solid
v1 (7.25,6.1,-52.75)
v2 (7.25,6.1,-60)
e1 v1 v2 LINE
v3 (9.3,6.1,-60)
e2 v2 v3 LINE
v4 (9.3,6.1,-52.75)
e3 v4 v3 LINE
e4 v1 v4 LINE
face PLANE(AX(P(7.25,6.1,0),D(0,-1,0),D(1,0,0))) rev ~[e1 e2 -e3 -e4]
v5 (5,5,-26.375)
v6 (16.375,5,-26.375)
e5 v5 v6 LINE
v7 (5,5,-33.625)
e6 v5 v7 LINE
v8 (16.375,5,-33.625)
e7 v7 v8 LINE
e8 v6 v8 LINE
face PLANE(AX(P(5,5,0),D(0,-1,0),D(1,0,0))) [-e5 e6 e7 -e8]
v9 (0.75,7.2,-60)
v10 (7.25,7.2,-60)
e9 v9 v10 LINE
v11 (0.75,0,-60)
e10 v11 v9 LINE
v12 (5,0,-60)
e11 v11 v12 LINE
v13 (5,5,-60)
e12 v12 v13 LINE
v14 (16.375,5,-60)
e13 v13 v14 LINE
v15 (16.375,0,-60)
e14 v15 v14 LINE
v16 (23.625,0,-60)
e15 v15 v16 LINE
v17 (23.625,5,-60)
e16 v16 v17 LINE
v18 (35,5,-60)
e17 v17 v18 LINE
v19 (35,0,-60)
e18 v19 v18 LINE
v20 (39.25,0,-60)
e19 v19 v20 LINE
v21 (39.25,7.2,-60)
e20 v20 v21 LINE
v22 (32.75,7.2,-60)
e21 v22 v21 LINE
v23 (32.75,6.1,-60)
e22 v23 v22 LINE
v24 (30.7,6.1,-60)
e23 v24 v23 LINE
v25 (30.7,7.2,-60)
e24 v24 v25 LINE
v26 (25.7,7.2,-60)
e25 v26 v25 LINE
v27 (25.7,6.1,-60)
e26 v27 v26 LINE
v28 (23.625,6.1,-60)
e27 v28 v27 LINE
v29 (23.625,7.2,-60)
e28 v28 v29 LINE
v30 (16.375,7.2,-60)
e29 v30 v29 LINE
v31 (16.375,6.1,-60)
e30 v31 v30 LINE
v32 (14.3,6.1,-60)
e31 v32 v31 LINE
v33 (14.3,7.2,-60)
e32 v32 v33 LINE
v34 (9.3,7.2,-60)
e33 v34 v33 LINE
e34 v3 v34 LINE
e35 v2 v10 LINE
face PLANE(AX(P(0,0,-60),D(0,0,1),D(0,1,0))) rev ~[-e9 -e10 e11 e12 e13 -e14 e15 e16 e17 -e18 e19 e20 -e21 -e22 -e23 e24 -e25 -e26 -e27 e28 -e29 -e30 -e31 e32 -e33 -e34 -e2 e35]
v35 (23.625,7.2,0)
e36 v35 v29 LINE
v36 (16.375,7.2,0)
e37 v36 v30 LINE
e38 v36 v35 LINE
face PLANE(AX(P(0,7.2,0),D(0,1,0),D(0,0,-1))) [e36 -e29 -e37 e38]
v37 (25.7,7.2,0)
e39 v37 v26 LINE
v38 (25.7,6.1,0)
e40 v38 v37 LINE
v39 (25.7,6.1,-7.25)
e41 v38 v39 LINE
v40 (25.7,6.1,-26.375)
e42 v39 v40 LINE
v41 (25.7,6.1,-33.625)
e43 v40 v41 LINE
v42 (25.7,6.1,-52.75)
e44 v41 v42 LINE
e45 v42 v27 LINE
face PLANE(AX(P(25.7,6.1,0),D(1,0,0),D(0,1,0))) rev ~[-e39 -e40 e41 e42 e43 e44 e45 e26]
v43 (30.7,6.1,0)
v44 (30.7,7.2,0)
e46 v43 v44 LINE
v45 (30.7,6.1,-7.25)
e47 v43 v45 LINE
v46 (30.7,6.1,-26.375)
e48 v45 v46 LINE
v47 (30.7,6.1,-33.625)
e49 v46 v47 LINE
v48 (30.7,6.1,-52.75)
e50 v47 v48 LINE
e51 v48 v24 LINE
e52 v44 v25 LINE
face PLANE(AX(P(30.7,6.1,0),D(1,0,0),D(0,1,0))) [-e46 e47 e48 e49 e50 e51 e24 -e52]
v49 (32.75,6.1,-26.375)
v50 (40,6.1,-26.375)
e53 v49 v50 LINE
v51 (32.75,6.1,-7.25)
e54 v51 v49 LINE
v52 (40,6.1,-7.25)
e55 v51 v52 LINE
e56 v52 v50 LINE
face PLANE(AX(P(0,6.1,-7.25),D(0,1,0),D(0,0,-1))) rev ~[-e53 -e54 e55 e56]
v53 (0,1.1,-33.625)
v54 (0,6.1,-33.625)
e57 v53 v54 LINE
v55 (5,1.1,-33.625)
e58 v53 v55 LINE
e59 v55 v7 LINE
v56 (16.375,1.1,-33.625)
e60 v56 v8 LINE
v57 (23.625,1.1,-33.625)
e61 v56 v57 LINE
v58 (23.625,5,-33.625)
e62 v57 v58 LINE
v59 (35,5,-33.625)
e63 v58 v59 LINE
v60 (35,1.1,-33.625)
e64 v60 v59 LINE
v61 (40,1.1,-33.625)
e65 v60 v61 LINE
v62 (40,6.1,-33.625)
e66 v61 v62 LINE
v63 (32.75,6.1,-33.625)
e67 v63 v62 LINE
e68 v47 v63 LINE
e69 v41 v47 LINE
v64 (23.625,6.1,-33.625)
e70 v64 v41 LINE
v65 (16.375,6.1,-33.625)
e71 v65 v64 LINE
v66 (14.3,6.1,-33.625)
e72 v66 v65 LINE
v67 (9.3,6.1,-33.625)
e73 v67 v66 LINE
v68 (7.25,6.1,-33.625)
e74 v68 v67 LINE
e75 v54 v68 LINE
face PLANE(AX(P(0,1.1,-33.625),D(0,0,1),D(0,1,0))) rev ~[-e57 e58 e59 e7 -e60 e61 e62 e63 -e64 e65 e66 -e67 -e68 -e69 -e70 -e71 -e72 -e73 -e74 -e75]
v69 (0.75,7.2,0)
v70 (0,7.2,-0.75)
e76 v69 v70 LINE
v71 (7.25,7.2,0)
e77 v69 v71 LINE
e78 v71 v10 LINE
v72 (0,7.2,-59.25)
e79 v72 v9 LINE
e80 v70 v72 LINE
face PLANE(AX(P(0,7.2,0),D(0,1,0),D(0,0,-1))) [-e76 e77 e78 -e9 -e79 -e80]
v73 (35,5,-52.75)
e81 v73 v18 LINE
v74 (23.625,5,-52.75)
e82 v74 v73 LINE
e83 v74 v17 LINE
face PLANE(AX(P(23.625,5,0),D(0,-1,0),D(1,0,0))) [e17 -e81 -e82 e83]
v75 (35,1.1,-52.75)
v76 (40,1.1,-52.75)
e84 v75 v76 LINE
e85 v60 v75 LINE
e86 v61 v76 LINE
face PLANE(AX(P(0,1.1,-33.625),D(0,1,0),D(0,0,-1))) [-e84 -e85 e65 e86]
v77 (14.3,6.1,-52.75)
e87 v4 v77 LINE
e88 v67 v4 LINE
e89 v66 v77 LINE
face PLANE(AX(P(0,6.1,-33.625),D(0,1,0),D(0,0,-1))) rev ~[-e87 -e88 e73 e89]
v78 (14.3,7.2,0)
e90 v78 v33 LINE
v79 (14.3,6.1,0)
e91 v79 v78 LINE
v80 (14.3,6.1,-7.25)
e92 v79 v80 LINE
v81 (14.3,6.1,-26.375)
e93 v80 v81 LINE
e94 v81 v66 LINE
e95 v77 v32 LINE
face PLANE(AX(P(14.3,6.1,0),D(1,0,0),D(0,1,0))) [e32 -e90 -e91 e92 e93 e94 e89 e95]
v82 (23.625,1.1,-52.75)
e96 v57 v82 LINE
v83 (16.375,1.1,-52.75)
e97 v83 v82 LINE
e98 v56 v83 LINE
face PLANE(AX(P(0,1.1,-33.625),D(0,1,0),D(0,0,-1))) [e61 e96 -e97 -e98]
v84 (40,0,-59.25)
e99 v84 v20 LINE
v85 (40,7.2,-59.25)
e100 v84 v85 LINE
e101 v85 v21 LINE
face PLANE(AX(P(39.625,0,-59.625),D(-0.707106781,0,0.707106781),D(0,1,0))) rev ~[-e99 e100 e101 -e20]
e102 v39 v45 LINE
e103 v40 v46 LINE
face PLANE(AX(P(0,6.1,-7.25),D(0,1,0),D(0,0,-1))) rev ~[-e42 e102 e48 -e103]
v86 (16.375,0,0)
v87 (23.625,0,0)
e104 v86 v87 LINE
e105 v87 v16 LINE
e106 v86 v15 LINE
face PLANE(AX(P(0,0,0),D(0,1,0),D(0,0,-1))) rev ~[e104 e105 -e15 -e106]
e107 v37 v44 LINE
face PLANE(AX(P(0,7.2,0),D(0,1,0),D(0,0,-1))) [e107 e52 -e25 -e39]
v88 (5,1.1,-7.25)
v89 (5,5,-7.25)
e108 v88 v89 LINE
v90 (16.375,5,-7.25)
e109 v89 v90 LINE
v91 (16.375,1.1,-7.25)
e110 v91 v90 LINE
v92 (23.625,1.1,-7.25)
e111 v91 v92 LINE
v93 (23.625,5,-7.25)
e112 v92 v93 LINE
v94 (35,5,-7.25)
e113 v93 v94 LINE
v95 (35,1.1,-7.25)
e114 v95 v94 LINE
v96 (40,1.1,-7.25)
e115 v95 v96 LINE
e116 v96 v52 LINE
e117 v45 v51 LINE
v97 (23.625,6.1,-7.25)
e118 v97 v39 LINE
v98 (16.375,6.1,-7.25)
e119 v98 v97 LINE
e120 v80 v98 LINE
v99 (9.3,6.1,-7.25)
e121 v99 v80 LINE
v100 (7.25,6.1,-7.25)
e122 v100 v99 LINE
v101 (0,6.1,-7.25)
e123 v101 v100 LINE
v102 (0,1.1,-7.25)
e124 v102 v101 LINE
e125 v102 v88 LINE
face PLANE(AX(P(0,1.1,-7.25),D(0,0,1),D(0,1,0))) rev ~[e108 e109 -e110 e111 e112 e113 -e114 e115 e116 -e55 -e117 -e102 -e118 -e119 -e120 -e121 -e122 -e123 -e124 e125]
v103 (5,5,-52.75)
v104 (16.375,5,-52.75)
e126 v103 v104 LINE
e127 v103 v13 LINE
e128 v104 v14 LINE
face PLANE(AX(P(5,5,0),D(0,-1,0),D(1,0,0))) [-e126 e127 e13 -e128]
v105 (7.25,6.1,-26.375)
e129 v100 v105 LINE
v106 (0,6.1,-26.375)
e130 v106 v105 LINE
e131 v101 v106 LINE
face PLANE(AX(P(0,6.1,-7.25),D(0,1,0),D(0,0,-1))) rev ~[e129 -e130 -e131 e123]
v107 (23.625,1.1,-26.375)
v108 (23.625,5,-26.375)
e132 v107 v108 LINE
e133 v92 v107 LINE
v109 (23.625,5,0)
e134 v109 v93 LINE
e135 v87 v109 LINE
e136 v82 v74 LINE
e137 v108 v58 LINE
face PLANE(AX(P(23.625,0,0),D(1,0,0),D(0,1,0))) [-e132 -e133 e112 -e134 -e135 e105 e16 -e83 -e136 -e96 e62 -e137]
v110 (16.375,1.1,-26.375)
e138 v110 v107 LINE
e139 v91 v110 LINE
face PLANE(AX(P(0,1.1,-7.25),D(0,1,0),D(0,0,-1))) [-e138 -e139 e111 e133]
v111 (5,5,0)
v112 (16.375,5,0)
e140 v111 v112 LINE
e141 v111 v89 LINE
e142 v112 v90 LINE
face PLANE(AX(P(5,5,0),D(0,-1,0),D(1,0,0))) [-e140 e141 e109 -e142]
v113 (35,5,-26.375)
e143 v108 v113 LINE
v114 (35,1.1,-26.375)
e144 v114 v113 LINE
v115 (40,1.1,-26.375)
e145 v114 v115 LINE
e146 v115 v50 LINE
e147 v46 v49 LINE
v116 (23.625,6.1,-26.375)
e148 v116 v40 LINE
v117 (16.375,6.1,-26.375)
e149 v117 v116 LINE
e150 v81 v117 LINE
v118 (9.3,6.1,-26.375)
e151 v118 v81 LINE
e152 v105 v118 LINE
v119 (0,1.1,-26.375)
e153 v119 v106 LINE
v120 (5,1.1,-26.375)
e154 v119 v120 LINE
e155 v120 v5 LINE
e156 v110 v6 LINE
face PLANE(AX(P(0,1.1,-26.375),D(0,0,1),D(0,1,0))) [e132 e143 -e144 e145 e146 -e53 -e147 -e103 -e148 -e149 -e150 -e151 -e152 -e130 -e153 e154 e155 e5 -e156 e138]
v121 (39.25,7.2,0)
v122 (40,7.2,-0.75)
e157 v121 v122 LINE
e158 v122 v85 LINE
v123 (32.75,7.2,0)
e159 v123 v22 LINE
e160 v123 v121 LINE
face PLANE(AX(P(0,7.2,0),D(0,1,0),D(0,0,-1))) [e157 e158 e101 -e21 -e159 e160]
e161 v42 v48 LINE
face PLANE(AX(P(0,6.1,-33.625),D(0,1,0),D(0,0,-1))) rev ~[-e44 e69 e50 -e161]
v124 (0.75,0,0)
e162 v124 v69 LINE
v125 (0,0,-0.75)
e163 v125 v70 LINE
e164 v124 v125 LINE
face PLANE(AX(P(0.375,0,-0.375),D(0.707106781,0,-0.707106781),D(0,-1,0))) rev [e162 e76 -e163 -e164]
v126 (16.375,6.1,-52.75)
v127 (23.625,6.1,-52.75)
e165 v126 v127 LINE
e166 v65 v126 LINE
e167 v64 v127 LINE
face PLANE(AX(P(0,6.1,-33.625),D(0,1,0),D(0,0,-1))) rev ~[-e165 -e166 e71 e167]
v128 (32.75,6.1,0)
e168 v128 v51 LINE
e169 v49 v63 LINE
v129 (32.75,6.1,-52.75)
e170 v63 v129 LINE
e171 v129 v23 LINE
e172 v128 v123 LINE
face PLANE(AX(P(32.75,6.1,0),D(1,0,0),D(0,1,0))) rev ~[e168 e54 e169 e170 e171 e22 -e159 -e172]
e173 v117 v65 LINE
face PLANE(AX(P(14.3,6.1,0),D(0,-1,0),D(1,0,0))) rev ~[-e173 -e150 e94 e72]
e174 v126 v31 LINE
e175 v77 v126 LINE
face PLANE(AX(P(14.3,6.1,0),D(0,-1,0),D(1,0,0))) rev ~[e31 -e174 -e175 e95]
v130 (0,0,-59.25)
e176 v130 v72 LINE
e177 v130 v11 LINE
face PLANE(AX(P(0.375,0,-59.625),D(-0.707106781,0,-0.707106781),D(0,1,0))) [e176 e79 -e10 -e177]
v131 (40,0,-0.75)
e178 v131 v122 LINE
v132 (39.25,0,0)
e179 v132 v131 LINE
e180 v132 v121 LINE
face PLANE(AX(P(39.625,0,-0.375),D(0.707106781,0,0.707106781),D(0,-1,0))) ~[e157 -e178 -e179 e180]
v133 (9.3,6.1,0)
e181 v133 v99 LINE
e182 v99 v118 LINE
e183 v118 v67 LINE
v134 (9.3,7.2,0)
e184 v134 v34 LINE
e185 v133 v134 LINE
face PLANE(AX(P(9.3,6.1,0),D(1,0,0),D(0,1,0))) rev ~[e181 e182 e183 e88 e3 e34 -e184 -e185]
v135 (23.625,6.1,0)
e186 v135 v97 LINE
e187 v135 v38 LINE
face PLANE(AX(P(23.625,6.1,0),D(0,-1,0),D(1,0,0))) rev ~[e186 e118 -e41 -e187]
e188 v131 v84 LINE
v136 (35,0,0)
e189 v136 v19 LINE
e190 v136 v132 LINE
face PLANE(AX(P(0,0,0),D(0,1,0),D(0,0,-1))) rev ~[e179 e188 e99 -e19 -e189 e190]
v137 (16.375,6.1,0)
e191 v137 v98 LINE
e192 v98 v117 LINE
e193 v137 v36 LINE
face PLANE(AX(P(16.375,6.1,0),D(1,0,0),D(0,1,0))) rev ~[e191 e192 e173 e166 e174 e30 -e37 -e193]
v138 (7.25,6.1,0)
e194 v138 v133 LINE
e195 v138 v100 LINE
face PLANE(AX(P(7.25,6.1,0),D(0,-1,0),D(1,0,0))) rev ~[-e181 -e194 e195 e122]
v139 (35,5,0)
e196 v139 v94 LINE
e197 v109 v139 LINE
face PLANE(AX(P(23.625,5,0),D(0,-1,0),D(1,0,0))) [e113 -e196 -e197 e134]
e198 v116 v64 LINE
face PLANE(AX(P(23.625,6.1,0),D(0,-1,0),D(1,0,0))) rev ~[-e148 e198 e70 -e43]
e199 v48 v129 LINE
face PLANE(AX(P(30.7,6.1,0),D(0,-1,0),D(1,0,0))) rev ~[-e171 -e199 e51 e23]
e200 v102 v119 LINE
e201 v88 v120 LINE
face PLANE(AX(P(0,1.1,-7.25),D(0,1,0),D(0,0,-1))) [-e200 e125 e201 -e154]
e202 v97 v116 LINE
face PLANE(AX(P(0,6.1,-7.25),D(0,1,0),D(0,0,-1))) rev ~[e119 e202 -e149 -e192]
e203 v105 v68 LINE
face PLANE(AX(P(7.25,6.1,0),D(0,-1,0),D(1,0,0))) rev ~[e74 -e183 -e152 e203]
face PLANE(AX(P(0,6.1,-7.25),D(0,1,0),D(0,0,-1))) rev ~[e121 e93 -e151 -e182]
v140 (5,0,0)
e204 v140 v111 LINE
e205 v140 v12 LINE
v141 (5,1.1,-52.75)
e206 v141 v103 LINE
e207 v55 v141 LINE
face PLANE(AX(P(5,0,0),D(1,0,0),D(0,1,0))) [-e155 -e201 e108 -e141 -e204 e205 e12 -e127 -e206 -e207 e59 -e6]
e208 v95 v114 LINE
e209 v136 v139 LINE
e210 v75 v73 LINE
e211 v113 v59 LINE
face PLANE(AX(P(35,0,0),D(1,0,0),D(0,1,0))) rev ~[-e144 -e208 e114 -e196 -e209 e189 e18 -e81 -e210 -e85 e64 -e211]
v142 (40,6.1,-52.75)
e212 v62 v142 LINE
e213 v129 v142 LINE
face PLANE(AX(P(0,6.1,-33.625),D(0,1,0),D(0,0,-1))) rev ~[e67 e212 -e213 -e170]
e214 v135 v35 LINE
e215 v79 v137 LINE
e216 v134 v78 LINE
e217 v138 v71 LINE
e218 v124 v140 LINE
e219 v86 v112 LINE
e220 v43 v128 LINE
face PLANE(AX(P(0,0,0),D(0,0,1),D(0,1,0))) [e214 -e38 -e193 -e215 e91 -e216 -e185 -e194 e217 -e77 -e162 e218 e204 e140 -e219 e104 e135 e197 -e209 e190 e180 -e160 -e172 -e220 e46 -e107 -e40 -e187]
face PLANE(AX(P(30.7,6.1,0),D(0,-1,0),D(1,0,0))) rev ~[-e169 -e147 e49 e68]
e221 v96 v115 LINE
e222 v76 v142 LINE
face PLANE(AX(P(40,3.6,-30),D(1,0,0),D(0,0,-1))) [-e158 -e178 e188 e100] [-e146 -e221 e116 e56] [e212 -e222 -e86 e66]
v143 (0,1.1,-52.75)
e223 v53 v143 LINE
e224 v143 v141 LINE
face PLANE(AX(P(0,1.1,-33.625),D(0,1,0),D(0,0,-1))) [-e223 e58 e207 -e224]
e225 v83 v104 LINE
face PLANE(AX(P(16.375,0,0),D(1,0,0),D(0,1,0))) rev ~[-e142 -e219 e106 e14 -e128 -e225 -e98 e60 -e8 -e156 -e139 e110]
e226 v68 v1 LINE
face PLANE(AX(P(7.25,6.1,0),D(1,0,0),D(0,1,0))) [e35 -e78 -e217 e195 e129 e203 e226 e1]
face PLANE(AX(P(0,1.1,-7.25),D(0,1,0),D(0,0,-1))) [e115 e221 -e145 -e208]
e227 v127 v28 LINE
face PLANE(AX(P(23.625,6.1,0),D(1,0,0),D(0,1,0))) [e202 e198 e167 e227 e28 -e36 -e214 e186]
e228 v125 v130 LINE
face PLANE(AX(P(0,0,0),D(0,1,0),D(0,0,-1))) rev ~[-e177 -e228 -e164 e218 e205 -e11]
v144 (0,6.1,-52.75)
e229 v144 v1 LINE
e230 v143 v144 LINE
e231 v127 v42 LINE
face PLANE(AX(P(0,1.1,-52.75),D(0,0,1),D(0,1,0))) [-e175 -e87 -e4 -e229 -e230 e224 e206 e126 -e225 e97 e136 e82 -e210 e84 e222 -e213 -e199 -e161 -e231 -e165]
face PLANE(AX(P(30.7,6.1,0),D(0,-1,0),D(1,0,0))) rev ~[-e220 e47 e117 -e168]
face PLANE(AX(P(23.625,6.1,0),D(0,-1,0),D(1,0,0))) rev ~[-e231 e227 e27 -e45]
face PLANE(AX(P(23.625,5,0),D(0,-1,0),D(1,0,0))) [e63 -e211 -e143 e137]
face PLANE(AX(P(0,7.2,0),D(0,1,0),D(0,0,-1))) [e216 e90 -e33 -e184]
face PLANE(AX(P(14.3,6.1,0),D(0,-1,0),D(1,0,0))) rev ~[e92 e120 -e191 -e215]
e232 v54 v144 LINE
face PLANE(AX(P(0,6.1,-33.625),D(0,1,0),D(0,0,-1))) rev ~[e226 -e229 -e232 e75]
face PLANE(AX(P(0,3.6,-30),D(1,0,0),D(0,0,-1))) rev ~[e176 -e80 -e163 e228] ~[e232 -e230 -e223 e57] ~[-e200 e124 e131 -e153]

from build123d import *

# Parameters (mm, degrees)
SCHIZZO1_W                   = 60
SCHIZZO1_H                   = 7.2
SCHIZZO1_W_2                 = 19.125
SCHIZZO1_H_2                 = 5
ESTRUSIONE_ESTRUSIONE1_DEPTH = 40
SCHIZZO2_W                   = 11.375
SCHIZZO2_H                   = 5
SCHIZZO2_W_2                 = 2.075
SCHIZZO2_H_2                 = 1.1
SCHIZZO2_W_3                 = 2.05
TAGLIO_ESTRUSIONE1_DEPTH     = 61
SMUSSO1_SIZE                 = 0.75


with BuildPart() as part:
    # Schizzo1 → Estrusione-Estrusione1 (new body)
    with BuildSketch(Plane(origin=(0, 0, 0), x_dir=(0, 0, -1), z_dir=(1, 0, 0))):
        with Locations((30, 3.6)):
            Rectangle(SCHIZZO1_W, SCHIZZO1_H)
        with Locations((43.1875, 3.6)):
            Rectangle(SCHIZZO1_W_2, SCHIZZO1_H_2, mode=Mode.SUBTRACT)
        with Locations((16.8125, 3.6)):
            Rectangle(SCHIZZO1_W_2, SCHIZZO1_H_2, mode=Mode.SUBTRACT)
    extrude(amount=ESTRUSIONE_ESTRUSIONE1_DEPTH)

    # Schizzo2 → Taglio-Estrusione1 (cut, through all)
    with BuildSketch(Plane.XY):
        with Locations((10.6875, 2.5)):
            Rectangle(SCHIZZO2_W, SCHIZZO2_H)
        with Locations((29.3125, 2.5)):
            Rectangle(SCHIZZO2_W, SCHIZZO2_H)
        with Locations((15.3375, 6.65)):
            Rectangle(SCHIZZO2_W_2, SCHIZZO2_H_2)
        with Locations((8.275, 6.65)):
            Rectangle(SCHIZZO2_W_3, SCHIZZO2_H_2)
        with Locations((24.6625, 6.65)):
            Rectangle(SCHIZZO2_W_2, SCHIZZO2_H_2)
        with Locations((31.725, 6.65)):
            Rectangle(SCHIZZO2_W_3, SCHIZZO2_H_2)
    extrude(amount=-TAGLIO_ESTRUSIONE1_DEPTH, mode=Mode.SUBTRACT)

    # Smusso1
    smusso1_edges = [part.edges().sort_by_distance(p)[0] for p in [
        (40, 3.6, 0),
        (0, 3.6, 0),
        (0, 3.6, -60),
        (40, 3.6, -60),
    ]]
    chamfer(smusso1_edges, length=SMUSSO1_SIZE)


solid = part.part
